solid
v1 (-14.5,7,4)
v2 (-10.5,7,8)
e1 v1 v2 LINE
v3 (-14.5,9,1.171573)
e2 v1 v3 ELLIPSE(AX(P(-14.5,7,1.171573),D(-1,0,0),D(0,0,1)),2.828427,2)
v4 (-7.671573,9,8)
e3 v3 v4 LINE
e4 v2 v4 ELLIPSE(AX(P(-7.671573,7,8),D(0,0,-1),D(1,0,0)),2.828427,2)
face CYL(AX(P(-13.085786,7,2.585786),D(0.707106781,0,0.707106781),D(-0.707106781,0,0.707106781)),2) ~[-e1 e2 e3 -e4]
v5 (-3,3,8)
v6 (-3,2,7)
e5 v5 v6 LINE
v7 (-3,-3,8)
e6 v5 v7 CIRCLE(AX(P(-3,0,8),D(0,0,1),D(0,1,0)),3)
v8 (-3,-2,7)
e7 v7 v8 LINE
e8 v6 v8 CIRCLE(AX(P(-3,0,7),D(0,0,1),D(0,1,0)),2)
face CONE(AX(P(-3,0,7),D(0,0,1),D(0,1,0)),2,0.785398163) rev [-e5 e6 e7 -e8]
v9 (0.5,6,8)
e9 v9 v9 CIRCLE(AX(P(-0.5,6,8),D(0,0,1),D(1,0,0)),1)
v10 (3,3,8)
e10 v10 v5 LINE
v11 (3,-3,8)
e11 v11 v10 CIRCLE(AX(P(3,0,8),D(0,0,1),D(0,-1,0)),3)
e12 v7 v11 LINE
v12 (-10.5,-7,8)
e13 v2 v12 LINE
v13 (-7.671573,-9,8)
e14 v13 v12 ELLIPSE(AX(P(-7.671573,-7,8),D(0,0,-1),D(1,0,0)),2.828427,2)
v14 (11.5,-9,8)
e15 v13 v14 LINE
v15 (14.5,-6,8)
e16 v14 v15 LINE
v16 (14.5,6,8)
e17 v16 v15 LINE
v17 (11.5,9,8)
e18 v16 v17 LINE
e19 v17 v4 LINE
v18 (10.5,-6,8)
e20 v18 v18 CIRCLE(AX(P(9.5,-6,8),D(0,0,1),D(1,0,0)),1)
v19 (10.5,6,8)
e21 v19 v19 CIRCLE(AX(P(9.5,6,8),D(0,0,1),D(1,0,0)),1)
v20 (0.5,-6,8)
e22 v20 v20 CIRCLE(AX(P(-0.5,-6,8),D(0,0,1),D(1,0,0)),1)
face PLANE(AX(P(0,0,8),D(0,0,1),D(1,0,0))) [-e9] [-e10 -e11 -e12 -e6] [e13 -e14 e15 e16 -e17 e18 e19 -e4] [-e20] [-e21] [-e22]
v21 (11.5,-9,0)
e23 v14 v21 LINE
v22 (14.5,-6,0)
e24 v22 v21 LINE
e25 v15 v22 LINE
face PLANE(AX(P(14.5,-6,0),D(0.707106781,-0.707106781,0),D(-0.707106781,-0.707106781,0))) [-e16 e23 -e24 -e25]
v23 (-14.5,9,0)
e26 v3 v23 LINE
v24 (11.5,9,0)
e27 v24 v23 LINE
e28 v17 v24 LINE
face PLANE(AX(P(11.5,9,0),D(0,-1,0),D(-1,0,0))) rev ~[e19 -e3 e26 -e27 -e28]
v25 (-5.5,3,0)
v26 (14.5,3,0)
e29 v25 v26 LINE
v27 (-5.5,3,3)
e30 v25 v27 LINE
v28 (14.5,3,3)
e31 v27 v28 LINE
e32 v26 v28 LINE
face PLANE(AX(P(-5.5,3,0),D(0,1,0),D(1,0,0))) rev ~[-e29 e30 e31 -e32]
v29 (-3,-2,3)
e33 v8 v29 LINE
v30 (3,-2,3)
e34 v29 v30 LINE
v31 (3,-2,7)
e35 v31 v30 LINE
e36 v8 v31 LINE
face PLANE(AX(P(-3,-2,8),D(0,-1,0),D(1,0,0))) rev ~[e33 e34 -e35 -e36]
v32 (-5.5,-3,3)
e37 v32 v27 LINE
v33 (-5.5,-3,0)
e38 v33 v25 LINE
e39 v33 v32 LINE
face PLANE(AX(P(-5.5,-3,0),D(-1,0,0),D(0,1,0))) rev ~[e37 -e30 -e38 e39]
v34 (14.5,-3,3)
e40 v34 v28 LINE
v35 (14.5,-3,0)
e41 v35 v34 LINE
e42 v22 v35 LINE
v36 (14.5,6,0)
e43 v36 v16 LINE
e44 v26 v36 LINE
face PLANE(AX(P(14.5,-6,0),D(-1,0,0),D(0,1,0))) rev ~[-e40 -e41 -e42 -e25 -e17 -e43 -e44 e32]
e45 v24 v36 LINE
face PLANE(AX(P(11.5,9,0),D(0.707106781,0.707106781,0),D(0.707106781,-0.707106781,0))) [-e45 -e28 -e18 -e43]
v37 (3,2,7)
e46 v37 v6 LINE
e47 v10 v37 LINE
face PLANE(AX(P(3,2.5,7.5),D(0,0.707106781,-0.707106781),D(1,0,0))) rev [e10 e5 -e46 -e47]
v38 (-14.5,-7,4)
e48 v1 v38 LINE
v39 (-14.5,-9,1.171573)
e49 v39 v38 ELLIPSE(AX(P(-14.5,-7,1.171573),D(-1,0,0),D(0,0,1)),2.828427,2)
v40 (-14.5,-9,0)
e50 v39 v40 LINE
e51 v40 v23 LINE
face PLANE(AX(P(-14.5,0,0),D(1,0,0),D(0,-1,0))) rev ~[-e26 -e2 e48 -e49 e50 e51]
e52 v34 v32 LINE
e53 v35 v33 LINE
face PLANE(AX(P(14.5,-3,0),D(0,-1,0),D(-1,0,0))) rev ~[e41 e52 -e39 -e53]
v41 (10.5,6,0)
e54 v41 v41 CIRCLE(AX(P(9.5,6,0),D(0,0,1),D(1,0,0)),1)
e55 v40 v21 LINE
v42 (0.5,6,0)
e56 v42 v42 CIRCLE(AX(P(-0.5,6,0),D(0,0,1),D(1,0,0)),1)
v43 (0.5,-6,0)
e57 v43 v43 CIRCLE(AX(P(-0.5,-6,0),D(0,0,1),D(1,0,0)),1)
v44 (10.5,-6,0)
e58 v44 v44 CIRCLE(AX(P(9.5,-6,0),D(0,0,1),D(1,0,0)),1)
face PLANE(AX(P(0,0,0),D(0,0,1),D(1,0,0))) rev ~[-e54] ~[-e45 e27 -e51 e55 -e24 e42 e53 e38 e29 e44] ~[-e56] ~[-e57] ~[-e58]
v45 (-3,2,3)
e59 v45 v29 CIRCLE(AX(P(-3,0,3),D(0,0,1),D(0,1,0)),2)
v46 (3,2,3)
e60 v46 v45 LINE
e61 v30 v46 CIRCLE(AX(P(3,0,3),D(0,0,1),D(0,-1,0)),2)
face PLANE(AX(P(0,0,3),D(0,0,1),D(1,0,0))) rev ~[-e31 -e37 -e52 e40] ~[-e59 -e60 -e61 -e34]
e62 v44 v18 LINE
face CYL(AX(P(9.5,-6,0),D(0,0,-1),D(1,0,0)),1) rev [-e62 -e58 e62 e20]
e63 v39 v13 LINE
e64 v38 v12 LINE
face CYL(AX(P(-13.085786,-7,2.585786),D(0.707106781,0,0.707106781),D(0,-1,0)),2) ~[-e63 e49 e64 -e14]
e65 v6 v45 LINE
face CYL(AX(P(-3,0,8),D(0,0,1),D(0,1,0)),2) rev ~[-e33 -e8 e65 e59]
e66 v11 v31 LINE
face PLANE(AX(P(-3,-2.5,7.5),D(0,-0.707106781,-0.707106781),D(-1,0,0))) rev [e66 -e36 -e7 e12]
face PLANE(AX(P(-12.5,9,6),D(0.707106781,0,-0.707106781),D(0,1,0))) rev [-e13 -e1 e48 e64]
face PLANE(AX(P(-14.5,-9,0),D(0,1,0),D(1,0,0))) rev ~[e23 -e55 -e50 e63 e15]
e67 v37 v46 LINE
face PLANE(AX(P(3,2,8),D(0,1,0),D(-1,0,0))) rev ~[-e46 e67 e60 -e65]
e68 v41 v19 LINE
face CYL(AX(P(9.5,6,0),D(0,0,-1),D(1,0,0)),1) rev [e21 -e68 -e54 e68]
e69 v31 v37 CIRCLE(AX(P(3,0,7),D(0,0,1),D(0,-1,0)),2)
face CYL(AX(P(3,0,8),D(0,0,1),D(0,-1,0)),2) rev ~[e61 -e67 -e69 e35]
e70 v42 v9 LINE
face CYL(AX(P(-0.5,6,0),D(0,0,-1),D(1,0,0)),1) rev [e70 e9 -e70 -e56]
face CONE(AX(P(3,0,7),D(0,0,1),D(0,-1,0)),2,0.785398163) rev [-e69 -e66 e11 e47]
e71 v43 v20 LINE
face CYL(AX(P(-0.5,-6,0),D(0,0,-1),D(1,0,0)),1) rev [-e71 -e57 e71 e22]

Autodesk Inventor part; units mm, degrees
ref_plane "YZ Plane" through (0, 0, 0) normal (1, 0, 0) x (0, 1, 0)
ref_plane "XZ Plane" through (0, 0, 0) normal (0, 1, 0) x (-1, 0, 0)
ref_plane "XY Plane" through (0, 0, 0) normal (0, 0, 1) x (1, 0, 0)
sketch "Sketch1" plane through (0, 0, 0) normal (0, 0, 1) x (1, 0, 0)
  line L0 (14.5, -3) -> (-5.5, -3) projected
  line L1 (-5.5, -3) -> (-5.5, 3) projected
  line L2 (-5.5, 3) -> (14.5, 3) projected
  line L3 (14.5, 3) -> (14.5, 6) projected
  line L4 (11.5, 9) -> (-14.5, 9) projected
  line L5 (-14.5, 9) -> (-14.5, 0) projected
  line L6 (-14.5, 0) -> (-14.5, -9) projected
  line L7 (-14.5, -9) -> (11.5, -9) projected
  line L8 (14.5, -6) -> (14.5, -3) projected
  circle A0 centre (-0.5, 6) radius 1 projected
  circle A1 centre (9.5, 6) radius 1 projected
  circle A2 centre (-0.5, -6) radius 1 projected
  circle A3 centre (9.5, -6) radius 1 projected
  line L9 (14.5, -6) -> (11.5, -9) projected
  line L10 (11.5, 9) -> (14.5, 6) projected
  point P0 (0, 0)
extrude "Extrusion1" add sketch "Sketch1" along normal blind 3
sketch "Sketch2" plane through (0, 0, 3) normal (0, 0, 1) x (1, 0, 0)
  line L0 (-5.5, -3) -> (-5.5, 3) projected
  line L1 (-5.5, 3) -> (14.5, 3) projected
  line L2 (14.5, 3) -> (14.5, 6) projected
  line L3 (11.5, 9) -> (-14.5, 9) projected
  line L4 (-14.5, 9) -> (-14.5, -9) projected
  line L5 (-14.5, -9) -> (11.5, -9) projected
  line L6 (14.5, -6) -> (14.5, -3) projected
  line L7 (14.5, -3) -> (-5.5, -3) projected
  circle A0 centre (-0.5, 6) radius 1 projected
  circle A1 centre (9.5, 6) radius 1 projected
  circle A2 centre (-0.5, -6) radius 1 projected
  circle A3 centre (9.5, -6) radius 1 projected
  line L8 (14.5, 3) -> (14.5, 9) projected
  line L9 (14.5, -3) -> (14.5, 3)
  line L10 (11.5, -9) -> (14.5, -6) projected
  line L11 (14.5, 6) -> (11.5, 9) projected
  point P0 (0, 0)
extrude "Extrusion2" add sketch "Sketch2" along normal blind 5
chamfer "Chamfer1" distance 4 angle 45 1 edges at (-14.5, 0, 8)
fillet "Fillet1" radius 2 2 edges at (-12.5, 9, 6) (-12.5, -9, 6)
sketch "Sketch3" plane through (0, 0, 8) normal (0, 0, 1) x (1, 0, 0)
  line L0 (11.5, 9) -> (-7.6716, 9) projected
  ellipse E0 centre (-7.6716, 7) end of major axis (-10.5, 7) minor radius 2 (-7.6716, 9) -> (-10.5, 7) ccw projected
  line L1 (-10.5, -7) -> (-10.5, 7) projected
  ellipse E1 centre (-7.6716, -7) end of major axis (-10.5, -7) minor radius 2 (-10.5, -7) -> (-7.6716, -9) ccw projected
  line L2 (-7.6716, -9) -> (11.5, -9) projected
  line L3 (14.5, -6) -> (14.5, 6) projected
  circle A0 centre (-0.5, 6) radius 1 projected
  circle A1 centre (9.5, 6) radius 1 projected
  circle A2 centre (-0.5, -6) radius 1 projected
  circle A3 centre (9.5, -6) radius 1 projected
  line L4 (-3, 0) -> (3, 0) construction
  line L5 (-3, -2) -> (3, -2)
  line L6 (3, 2) -> (-3, 2)
  arc A4 (-3, 2) -> (-3, -2) centre (-3, 0) ccw
  arc A5 (3, -2) -> (3, 2) centre (3, 0) ccw
  line L7 (11.5, -9) -> (14.5, -6) projected
  line L8 (14.5, 6) -> (11.5, 9) projected
  point P0 (0, 0)
  dimension "d12" = 3
  dimension "d13" = 4
extrude "Extrusion3" cut sketch "Sketch3" against normal blind 5 contours A4 L6 A5 L5
chamfer "Chamfer3" distance 1 angle 45 4 edges at (5, 0, 8) (0, -2, 8) (-5, 0, 8) (0, 2, 8)
properties part number "end_tip_2"
